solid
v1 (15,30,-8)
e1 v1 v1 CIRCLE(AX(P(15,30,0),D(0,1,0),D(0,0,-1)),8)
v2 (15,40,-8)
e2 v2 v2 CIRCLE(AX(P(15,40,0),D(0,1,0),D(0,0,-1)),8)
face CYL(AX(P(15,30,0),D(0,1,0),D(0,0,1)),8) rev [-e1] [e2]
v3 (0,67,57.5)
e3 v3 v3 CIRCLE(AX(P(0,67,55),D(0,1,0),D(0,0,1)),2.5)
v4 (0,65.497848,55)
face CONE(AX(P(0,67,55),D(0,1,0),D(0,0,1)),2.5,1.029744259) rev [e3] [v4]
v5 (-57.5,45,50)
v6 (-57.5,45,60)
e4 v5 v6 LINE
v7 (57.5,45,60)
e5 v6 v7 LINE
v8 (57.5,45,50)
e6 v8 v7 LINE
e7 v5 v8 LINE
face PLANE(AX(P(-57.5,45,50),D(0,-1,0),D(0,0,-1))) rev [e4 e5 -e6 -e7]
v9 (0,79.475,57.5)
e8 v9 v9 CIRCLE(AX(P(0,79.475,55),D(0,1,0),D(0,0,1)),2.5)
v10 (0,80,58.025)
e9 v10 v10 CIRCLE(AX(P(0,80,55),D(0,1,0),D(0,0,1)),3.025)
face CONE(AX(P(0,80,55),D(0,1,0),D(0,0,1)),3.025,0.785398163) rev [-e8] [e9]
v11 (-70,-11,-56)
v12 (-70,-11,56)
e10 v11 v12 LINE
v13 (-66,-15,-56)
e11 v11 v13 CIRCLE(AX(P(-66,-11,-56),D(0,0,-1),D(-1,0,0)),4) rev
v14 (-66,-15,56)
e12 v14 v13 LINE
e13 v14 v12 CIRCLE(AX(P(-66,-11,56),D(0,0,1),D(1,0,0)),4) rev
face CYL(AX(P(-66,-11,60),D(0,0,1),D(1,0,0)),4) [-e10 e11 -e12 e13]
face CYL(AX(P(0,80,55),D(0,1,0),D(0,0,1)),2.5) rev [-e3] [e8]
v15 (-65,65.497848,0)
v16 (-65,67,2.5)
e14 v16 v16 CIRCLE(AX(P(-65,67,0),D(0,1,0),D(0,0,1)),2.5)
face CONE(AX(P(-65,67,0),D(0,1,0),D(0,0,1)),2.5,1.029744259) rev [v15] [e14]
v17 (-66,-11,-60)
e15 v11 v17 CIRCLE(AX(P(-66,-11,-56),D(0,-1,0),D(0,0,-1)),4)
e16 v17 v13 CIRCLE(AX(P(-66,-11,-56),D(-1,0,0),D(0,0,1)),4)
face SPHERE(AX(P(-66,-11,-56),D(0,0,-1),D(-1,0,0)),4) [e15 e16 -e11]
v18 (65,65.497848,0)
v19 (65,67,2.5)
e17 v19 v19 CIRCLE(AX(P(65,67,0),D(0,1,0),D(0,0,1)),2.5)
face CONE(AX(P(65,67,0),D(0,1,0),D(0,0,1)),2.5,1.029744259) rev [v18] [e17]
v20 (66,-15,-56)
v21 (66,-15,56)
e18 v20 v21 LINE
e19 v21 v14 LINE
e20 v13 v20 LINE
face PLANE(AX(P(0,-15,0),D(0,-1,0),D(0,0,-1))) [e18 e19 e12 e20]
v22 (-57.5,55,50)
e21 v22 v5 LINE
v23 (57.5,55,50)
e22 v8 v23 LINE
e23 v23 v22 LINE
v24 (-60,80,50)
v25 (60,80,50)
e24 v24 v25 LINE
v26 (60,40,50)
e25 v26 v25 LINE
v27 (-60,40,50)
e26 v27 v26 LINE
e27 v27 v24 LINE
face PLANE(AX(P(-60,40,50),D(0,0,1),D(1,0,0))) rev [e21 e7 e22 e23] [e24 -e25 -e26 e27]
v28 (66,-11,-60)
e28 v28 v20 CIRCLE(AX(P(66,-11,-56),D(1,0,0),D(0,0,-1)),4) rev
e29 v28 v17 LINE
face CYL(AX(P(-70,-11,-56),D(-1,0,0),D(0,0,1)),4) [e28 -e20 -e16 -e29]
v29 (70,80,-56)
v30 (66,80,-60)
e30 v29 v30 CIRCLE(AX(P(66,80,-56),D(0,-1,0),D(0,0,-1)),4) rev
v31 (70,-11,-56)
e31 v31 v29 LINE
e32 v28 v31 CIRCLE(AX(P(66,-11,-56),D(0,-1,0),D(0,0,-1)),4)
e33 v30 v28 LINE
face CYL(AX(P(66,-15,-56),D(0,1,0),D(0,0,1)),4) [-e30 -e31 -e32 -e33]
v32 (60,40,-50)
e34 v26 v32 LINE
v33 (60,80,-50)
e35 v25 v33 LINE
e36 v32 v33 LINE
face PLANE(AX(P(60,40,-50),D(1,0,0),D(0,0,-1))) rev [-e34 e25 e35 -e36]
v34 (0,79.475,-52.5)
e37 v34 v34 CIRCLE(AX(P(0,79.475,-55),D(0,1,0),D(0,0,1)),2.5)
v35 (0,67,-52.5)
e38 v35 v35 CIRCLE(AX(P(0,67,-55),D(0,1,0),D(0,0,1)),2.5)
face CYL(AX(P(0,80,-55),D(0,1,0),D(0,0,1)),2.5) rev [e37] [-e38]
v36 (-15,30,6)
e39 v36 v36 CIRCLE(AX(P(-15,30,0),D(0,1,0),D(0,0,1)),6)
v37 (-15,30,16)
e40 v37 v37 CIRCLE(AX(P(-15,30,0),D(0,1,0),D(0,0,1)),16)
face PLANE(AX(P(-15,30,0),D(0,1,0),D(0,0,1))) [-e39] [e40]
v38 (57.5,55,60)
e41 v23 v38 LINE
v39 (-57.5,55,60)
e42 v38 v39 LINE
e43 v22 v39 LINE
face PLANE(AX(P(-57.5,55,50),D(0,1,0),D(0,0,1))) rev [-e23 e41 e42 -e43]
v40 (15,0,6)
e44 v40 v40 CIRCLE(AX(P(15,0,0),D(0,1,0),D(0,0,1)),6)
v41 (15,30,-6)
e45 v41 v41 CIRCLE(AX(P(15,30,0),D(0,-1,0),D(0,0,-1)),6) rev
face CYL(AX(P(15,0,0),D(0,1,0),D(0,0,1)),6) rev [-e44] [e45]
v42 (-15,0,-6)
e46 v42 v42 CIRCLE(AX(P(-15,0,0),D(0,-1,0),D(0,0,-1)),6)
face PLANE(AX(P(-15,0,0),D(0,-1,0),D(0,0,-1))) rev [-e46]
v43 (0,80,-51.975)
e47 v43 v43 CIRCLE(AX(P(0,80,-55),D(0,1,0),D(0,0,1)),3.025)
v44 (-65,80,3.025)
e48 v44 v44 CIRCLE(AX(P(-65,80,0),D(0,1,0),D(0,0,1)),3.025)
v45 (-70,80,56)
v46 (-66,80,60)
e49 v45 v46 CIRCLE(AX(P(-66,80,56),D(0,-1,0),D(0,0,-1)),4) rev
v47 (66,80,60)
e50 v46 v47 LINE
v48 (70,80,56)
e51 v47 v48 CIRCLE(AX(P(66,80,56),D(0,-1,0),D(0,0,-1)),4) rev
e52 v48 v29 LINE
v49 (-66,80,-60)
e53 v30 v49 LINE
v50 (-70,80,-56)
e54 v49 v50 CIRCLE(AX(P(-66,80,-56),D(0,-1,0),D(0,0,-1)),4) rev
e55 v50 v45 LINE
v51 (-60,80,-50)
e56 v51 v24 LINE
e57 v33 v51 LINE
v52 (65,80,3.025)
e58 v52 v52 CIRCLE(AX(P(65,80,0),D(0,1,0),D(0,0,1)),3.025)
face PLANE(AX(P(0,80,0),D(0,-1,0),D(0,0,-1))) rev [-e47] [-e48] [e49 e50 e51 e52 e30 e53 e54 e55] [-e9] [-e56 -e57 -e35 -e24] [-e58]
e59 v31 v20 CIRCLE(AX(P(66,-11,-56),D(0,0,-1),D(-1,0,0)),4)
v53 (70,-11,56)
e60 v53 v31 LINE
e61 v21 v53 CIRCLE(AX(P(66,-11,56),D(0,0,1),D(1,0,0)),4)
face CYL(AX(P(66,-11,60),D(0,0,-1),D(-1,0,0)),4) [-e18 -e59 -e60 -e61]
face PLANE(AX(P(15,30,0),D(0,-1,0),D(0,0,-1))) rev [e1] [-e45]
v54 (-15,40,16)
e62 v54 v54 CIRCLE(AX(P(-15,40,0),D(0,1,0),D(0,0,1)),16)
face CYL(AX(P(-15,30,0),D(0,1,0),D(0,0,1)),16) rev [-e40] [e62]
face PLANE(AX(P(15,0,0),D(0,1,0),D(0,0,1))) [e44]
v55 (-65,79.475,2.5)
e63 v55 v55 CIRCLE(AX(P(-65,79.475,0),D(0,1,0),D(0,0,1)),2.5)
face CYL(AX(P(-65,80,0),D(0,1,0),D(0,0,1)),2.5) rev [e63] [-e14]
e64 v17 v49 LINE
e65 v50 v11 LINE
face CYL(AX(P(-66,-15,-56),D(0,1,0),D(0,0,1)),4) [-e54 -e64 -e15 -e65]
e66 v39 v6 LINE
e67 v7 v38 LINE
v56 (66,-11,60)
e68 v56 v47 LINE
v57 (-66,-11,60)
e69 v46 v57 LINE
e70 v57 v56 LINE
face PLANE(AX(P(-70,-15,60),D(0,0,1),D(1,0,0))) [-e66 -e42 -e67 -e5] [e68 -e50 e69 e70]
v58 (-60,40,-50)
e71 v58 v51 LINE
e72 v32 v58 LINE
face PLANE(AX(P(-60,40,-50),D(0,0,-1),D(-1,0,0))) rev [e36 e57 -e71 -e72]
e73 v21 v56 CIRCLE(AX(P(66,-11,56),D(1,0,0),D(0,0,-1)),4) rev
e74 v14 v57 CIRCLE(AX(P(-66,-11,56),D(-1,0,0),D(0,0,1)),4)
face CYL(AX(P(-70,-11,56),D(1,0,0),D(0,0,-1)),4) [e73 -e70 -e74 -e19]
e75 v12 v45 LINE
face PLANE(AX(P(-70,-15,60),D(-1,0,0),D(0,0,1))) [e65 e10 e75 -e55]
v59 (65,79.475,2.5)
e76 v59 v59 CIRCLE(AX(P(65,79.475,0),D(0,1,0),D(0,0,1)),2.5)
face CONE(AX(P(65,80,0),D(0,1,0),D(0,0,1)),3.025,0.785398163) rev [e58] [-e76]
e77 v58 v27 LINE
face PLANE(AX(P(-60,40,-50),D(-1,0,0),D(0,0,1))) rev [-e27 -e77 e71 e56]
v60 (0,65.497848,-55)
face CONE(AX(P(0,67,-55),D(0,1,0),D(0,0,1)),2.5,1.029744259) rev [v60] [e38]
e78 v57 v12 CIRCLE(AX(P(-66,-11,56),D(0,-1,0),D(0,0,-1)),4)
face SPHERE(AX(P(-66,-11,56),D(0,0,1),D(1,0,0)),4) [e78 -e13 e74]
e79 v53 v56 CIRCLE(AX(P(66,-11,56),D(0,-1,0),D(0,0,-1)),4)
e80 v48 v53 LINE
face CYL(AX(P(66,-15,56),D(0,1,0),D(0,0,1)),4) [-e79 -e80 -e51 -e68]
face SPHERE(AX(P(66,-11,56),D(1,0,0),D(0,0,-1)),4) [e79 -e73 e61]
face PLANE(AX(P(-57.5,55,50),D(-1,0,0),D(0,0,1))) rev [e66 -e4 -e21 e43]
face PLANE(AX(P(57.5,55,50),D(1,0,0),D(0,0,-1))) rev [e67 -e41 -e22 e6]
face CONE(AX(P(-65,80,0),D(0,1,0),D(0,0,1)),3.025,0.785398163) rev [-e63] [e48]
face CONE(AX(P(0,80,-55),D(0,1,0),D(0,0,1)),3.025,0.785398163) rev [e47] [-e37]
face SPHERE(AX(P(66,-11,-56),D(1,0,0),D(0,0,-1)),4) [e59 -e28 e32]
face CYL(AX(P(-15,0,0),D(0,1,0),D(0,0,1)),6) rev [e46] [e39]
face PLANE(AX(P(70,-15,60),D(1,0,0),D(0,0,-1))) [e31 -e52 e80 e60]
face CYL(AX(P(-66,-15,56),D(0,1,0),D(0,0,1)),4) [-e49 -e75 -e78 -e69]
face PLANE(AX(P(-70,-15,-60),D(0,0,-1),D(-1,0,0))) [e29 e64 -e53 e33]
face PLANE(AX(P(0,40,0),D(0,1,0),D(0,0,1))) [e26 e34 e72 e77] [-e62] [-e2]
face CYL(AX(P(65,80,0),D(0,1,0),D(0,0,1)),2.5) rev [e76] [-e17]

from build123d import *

# Parameters (mm, degrees)
BOX_EXTRUDE_PART_DEPTH         = 80
BOX_EXTRUDE_PART_DEPTH_BACK    = 15
BOX_TOP_VIEW_W                 = 140
BOX_TOP_VIEW_H                 = 120
INNER_BOX_CUT_W                = 120
INNER_BOX_CUT_H                = 100
INNER_BOX_CUT_1_DEPTH          = 40
SCISSOR_CROSSSECTION_W         = 115
SCISSOR_CROSSSECTION_H         = 10
SCISSOR_CORSSSECTION_CUT_DEPTH = 10
SHAFT_LOCATION_R               = 6
SHAFT_LOCATION_CUT_DEPTH       = 40
SKETCH2_R                      = 16
SKETCH2_R_2                    = 8
BEARING_LOCATION_CUT1_DEPTH    = 10
M6_TAPPED_HOLE3_AT_2_COUNT     = 2
M6_TAPPED_HOLE3_AT_2_PITCH     = 85.14693183
EDGES_FILLET_R                 = 4


with BuildPart() as part:
    # Box_top_view → Box_extrude_part (new, two sides: drawn at the far end of the back side and taken through both)
    with BuildSketch(Plane(origin=(0, 0, 0), x_dir=(1, 0, 0), z_dir=(0, 1, 0)).offset(-BOX_EXTRUDE_PART_DEPTH_BACK)):
        Rectangle(BOX_TOP_VIEW_W, BOX_TOP_VIEW_H)
    extrude(amount=BOX_EXTRUDE_PART_DEPTH + BOX_EXTRUDE_PART_DEPTH_BACK)

    # Inner_box_cut → Inner_box_cut_1 (cut)
    with BuildSketch(Plane(origin=(0, 80, 0), x_dir=(1, 0, 0), z_dir=(0, 1, 0))):
        Rectangle(INNER_BOX_CUT_W, INNER_BOX_CUT_H)
    extrude(amount=-INNER_BOX_CUT_1_DEPTH, mode=Mode.SUBTRACT)

    # Scissor_crossSection → Scissor_corssSection_cut (cut)
    with BuildSketch(Plane.XY.offset(60)):
        with Locations((0, 50)):
            Rectangle(SCISSOR_CROSSSECTION_W, SCISSOR_CROSSSECTION_H)
    extrude(amount=-SCISSOR_CORSSSECTION_CUT_DEPTH, mode=Mode.SUBTRACT)

    # Shaft_location → Shaft_location_cut (cut)
    with BuildSketch(Plane(origin=(0, 40, 0), x_dir=(1, 0, 0), z_dir=(0, 1, 0))):
        with Locations(Location((15, 0, 0), (0, 0, 270))):
            Circle(SHAFT_LOCATION_R)
        with Locations(Location((-15, 0, 0), (0, 0, 90))):
            Circle(SHAFT_LOCATION_R)
    extrude(amount=-SHAFT_LOCATION_CUT_DEPTH, mode=Mode.SUBTRACT)

    # Sketch2 → Bearing_location_cut1 (cut)
    with BuildSketch(Plane(origin=(0, 40, 0), x_dir=(1, 0, 0), z_dir=(0, 1, 0))):
        with Locations(Location((-15, 0, 0), (0, 0, 270))):
            Circle(SKETCH2_R)
        with Locations(Location((15, 0, 0), (0, 0, 90))):
            Circle(SKETCH2_R_2)
    extrude(amount=-BEARING_LOCATION_CUT1_DEPTH, mode=Mode.SUBTRACT)

    # Sketch7 → M6 Tapped Hole3 (revolve, cut)
    with BuildSketch(Plane(origin=(0, 80, -55), x_dir=(0, 0, 1), z_dir=(1, 0, 0))):
        Polygon((0, 0), (0, 14.502151548), (2.5, 13), (2.5, 0.525), (3.025, 0), align=None)
    m6_tapped_hole3 = revolve(axis=Axis((0, 86.35, -55), (0, -1, 0)), mode=Mode.SUBTRACT)

    # M6 Tapped Hole3 at 2: M6 Tapped Hole3 ×2
    with Locations(*[Vector(-0.7633862853691146, 0, 0.645942241466174) * (i * M6_TAPPED_HOLE3_AT_2_PITCH) for i in range(1, M6_TAPPED_HOLE3_AT_2_COUNT)]):
        add(m6_tapped_hole3, mode=Mode.SUBTRACT)

    # M6_hole_mirror: M6 Tapped Hole3 across plane
    add(m6_tapped_hole3.mirror(Plane(origin=(0, 0, 0), x_dir=(0, 0, 1), z_dir=(1, 0, 0))), mode=Mode.SUBTRACT)

    # M6_hole_mirror copy 1 sketch → M6_hole_mirror copy 1 (revolve, cut)
    with BuildSketch(Plane(origin=(65, 80, 0), x_dir=(0, 0, 1), z_dir=(-1, 0, 0))):
        Polygon((0, 0), (0, -14.502151548), (2.5, -13), (2.5, -0.525), (3.025, 0), align=None)
    revolve(axis=Axis((65, 86.35, 0), (0, 1, 0)), mode=Mode.SUBTRACT)

    # M6_hole_mirror at the second plane: M6 Tapped Hole3 across plane
    add(m6_tapped_hole3.mirror(Plane.XY), mode=Mode.SUBTRACT)

    # M6_hole_mirror at the second plane copy → M6_hole_mirror at the second plane c 2 (revolve, cut)
    with BuildSketch(Plane(origin=(-65, 80, 0), x_dir=(0, 0, -1), z_dir=(1, 0, 0))):
        Polygon((0, 0), (0, -14.502151548), (2.5, -13), (2.5, -0.525), (3.025, 0), align=None)
    revolve(axis=Axis((-65, 86.35, 0), (0, 1, 0)), mode=Mode.SUBTRACT)

    # Edges_fillet
    edges_fillet_edges = [part.edges().sort_by_distance(p)[0] for p in [
        (70, -15, 0),
        (0, -15, -60),
        (-70, -15, 0),
        (-70, 32.5, -60),
        (70, 32.5, -60),
        (70, 32.5, 60),
        (-70, 32.5, 60),
        (0, -15, 60),
    ]]
    fillet(edges_fillet_edges, radius=EDGES_FILLET_R)


solid = part.part
